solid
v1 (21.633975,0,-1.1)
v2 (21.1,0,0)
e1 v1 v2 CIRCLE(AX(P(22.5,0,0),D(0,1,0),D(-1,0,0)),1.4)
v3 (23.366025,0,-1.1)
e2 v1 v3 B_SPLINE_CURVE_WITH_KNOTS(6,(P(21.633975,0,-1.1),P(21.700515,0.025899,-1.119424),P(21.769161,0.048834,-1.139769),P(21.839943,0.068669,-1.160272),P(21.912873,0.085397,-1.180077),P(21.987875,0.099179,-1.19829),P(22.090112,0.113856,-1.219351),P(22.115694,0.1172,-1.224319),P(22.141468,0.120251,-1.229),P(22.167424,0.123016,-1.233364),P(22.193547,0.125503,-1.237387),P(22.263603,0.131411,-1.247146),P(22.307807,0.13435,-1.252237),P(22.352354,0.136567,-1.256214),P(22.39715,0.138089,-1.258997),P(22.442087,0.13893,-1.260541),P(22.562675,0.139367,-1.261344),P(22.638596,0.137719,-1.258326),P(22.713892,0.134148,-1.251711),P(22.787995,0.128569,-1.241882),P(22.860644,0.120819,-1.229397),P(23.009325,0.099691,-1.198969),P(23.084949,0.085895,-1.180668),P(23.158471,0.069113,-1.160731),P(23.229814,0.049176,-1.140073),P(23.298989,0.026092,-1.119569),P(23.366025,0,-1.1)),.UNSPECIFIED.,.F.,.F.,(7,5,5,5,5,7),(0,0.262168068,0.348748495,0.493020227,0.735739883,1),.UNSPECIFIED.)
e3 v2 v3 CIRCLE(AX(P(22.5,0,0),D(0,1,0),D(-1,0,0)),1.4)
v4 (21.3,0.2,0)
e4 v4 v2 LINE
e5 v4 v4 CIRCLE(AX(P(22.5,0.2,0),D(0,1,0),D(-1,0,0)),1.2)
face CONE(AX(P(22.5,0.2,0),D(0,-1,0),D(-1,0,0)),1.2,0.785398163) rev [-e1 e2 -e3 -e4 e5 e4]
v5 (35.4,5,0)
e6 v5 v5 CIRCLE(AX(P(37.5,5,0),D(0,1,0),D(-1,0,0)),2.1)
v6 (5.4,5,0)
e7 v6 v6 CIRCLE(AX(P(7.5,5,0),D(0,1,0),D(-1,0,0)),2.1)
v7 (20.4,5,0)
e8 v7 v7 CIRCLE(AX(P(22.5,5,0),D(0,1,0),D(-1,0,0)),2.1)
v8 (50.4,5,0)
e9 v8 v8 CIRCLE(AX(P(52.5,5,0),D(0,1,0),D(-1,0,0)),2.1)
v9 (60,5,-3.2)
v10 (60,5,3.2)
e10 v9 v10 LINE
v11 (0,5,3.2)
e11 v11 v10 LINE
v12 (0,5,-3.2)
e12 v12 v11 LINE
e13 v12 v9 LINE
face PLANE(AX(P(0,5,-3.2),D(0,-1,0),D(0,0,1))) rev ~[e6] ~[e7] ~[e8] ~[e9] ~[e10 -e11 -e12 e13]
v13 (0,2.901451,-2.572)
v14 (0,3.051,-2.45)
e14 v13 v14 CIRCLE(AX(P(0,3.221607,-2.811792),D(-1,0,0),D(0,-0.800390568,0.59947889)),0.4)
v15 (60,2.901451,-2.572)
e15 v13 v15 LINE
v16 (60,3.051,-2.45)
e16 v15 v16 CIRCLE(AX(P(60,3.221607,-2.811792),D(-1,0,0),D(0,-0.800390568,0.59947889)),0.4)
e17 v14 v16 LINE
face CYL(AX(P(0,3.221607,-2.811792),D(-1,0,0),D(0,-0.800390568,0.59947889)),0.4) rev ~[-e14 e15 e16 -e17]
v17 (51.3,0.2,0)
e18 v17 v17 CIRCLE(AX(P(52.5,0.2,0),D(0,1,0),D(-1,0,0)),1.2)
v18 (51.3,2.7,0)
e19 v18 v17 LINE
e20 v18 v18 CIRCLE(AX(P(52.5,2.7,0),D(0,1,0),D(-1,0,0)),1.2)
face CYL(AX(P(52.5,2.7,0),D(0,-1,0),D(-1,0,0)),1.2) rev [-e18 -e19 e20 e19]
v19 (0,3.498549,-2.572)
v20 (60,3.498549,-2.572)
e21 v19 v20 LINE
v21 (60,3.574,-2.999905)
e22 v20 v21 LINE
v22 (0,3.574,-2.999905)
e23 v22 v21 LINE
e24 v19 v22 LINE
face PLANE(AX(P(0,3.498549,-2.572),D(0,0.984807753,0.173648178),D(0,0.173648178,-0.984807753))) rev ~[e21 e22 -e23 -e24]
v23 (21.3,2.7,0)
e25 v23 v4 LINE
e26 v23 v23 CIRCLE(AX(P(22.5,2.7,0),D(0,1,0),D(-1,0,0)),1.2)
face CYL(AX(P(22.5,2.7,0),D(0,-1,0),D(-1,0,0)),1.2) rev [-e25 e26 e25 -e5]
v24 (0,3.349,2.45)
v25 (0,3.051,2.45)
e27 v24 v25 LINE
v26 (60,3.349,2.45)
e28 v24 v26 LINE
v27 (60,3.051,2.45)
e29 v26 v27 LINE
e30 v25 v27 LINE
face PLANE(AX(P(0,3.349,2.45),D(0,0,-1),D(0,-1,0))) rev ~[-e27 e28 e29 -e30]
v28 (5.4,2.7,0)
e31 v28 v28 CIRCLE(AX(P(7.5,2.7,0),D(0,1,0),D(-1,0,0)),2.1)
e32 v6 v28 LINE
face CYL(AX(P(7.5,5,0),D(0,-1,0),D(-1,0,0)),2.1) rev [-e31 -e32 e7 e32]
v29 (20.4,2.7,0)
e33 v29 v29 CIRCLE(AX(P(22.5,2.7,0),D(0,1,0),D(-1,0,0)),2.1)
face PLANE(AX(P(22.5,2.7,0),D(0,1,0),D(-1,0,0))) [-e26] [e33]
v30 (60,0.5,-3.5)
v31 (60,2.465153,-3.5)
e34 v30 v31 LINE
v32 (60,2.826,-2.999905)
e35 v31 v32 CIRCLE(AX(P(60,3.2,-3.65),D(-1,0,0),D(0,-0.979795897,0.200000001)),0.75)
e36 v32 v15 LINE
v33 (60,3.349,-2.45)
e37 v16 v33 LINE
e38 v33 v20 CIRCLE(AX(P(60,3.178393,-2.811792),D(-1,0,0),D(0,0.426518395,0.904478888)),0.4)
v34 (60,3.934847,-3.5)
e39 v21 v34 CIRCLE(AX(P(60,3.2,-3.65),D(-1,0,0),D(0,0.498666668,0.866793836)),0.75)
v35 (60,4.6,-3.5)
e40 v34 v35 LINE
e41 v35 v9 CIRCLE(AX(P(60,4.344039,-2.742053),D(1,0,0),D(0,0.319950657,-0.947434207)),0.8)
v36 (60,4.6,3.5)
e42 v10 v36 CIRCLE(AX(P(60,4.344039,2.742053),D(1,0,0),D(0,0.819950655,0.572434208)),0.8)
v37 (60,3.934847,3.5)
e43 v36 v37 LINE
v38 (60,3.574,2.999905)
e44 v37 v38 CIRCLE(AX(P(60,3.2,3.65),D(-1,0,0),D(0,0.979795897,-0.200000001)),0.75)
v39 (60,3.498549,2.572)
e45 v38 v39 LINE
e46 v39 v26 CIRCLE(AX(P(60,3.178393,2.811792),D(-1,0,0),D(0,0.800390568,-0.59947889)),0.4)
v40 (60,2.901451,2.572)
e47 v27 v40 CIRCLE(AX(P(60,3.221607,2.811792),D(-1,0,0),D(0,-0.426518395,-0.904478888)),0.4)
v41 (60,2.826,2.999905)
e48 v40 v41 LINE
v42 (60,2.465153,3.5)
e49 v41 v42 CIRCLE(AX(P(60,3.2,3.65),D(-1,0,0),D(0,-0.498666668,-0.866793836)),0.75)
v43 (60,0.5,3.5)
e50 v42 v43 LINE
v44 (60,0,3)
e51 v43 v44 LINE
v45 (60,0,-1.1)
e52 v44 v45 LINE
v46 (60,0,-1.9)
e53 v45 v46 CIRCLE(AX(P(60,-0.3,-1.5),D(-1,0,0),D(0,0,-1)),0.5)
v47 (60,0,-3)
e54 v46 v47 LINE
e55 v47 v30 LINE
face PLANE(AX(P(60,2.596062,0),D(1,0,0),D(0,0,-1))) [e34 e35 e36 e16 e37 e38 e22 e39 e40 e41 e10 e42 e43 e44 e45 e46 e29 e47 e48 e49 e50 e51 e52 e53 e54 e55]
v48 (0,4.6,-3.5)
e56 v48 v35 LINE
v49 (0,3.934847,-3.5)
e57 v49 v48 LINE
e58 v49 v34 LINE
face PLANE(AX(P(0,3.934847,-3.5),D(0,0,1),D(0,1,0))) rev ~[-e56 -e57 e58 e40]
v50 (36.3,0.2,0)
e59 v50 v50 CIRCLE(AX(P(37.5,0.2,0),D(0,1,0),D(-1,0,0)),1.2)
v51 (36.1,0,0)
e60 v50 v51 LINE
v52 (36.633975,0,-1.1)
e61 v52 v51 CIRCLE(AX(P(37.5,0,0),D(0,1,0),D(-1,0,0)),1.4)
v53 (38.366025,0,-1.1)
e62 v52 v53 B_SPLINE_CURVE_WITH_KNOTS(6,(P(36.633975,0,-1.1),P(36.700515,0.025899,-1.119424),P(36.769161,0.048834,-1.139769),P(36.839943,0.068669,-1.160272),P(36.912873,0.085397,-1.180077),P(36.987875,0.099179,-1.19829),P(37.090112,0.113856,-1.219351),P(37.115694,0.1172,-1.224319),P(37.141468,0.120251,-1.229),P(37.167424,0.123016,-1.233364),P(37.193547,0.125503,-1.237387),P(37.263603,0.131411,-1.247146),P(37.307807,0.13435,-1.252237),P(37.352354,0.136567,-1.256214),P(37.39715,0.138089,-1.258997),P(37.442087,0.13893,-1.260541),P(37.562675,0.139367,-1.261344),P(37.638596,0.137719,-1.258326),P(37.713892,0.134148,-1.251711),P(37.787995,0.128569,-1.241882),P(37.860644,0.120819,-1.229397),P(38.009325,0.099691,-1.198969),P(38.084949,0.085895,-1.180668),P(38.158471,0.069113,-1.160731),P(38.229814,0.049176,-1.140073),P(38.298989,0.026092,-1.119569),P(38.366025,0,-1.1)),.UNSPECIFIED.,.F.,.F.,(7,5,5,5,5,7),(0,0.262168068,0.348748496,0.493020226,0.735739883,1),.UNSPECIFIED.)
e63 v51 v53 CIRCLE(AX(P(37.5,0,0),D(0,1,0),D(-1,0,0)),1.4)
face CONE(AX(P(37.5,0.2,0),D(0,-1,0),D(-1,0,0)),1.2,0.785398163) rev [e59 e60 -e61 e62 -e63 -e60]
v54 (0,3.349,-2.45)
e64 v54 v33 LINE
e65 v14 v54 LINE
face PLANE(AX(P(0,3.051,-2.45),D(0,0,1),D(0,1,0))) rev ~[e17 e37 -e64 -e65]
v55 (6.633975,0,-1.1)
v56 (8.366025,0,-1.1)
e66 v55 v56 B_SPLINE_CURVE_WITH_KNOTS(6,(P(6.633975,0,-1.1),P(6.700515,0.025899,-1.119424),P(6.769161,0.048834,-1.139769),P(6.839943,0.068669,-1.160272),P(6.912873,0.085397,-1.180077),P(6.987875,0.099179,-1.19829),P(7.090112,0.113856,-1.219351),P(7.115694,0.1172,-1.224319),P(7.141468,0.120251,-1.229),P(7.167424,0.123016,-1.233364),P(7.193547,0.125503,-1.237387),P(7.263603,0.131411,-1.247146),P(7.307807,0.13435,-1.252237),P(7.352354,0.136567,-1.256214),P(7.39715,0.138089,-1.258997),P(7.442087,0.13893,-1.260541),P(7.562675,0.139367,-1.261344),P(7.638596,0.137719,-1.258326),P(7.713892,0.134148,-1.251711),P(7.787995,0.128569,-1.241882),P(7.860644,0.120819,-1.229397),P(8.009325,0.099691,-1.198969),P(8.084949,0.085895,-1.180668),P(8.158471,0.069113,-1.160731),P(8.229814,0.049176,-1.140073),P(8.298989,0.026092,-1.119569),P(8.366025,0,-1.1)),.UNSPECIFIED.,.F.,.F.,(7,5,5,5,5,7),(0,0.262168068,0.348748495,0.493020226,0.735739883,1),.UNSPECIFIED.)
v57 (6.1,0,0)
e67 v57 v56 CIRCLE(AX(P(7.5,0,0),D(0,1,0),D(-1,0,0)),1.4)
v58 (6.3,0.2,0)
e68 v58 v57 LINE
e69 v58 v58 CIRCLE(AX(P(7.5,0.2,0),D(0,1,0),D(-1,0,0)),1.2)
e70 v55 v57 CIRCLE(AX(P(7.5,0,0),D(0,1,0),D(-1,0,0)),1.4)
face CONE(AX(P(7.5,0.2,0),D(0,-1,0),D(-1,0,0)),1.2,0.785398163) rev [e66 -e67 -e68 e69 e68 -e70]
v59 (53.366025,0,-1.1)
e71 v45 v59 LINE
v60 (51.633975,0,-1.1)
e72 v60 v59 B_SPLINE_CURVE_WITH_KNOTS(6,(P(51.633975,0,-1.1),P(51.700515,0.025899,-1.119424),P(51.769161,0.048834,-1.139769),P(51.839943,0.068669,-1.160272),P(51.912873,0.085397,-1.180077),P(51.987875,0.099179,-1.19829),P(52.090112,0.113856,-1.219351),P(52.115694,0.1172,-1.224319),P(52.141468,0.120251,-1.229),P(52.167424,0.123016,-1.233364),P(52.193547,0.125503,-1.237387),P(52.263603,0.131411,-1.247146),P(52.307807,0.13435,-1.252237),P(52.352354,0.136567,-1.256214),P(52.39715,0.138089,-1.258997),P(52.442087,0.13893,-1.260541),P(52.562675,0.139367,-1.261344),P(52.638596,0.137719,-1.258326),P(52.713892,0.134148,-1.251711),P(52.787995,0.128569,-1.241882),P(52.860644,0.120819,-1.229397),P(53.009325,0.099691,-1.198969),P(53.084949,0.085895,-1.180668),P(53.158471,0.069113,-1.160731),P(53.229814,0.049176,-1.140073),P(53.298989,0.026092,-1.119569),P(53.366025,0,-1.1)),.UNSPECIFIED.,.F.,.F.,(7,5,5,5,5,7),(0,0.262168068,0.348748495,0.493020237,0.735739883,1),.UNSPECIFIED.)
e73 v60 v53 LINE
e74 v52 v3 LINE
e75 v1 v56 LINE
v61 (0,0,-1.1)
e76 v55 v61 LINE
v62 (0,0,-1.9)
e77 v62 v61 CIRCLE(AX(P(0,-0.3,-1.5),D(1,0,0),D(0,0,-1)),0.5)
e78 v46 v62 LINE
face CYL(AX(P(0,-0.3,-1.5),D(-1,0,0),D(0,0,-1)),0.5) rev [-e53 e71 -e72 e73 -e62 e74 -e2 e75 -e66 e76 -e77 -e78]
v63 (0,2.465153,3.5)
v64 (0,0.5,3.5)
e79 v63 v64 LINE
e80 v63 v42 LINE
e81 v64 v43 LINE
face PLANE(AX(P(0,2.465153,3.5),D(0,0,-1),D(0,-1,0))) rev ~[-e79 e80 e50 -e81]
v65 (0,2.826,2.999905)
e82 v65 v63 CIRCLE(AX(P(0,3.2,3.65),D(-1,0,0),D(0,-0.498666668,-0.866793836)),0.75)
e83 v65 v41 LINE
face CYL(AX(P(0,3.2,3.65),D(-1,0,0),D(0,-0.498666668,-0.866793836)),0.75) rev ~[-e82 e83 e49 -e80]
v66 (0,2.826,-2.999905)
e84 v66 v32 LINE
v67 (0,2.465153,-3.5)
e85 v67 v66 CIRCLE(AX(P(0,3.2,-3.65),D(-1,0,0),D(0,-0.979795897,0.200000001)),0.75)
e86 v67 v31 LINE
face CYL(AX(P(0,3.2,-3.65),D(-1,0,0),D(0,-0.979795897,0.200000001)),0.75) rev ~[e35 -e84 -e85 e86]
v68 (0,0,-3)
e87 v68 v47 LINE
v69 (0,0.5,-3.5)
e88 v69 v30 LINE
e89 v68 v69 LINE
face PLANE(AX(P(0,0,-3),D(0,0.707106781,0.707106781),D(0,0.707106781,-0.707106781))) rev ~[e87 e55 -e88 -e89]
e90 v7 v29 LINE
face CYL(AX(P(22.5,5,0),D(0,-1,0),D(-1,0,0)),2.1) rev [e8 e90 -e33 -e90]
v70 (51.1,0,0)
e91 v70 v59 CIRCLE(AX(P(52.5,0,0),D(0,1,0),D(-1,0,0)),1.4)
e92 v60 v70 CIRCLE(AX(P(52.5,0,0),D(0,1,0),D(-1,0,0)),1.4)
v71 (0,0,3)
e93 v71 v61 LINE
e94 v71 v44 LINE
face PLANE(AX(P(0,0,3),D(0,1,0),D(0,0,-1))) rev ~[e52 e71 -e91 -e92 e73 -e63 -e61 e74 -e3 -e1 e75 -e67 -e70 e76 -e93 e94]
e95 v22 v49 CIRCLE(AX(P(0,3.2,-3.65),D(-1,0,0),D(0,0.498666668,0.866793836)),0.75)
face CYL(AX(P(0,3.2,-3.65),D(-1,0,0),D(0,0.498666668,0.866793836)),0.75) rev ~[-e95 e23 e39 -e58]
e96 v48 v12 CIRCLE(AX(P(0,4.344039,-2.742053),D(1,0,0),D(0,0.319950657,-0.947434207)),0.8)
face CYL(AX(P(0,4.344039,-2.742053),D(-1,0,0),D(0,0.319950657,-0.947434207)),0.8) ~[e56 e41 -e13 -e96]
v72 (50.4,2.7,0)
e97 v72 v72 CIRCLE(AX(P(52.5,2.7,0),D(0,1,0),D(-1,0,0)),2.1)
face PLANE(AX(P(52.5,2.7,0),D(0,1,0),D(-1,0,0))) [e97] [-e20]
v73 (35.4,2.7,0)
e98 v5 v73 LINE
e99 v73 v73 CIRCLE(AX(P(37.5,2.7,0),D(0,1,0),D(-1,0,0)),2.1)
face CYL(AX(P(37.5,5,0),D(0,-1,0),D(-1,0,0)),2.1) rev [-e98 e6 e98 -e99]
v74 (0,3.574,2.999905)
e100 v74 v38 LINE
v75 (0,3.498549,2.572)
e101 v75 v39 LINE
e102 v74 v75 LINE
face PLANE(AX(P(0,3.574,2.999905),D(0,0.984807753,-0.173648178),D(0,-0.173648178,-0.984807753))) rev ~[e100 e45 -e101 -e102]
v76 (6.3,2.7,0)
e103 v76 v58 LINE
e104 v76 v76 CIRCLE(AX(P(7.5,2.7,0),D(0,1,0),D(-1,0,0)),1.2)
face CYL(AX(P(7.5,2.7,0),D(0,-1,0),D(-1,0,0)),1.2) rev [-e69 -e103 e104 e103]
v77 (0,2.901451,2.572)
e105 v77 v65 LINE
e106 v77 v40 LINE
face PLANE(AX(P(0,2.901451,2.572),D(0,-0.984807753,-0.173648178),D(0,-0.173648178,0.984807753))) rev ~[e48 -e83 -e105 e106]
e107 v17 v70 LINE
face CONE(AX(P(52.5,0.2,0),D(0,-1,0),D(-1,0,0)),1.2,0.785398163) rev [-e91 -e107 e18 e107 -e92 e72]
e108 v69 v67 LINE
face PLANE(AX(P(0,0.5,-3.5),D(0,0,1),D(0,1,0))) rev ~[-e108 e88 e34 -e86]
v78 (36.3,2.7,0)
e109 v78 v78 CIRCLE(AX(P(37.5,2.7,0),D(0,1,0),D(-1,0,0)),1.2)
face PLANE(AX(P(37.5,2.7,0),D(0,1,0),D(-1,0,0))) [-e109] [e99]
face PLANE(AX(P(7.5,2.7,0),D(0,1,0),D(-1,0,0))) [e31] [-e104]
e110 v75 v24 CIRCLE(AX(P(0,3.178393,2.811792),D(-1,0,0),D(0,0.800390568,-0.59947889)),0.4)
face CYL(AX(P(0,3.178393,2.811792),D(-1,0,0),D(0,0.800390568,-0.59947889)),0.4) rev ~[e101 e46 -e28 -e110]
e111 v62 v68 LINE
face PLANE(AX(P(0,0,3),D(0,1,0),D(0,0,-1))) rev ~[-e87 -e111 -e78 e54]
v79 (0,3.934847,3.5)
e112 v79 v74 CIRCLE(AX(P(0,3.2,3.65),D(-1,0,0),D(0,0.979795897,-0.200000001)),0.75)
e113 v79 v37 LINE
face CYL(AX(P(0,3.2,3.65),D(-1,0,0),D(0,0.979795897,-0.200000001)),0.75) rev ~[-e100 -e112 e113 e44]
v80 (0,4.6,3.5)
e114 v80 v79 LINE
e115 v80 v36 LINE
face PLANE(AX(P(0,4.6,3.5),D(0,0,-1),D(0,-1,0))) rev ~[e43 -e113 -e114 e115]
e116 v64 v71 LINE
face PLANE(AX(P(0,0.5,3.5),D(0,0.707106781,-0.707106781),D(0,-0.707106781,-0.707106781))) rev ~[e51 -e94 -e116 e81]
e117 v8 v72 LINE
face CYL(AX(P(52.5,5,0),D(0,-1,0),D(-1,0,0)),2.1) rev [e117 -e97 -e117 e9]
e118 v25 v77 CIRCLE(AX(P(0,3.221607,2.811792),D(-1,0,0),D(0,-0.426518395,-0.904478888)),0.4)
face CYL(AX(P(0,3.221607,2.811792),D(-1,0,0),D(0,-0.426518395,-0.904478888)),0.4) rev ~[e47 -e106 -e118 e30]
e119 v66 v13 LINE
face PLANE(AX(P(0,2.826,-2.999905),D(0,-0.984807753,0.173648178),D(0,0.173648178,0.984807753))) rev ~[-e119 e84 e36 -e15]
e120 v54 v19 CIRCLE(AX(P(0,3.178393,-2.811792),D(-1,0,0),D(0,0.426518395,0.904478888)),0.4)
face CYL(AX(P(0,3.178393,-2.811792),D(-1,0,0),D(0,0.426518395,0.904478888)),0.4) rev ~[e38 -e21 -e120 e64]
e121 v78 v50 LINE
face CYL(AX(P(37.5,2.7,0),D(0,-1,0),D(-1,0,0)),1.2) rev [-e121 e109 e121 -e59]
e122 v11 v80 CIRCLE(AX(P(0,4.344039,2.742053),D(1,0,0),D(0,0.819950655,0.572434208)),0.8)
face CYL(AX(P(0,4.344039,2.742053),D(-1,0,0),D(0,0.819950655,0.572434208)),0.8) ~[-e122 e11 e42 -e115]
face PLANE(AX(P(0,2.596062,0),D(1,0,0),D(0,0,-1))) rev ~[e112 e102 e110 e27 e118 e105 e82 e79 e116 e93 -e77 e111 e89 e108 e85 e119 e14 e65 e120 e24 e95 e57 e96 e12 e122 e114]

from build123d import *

# Parameters (mm, degrees)
EXTRUDE1_DEPTH  = 60
SKETCH6_R       = 0.5
EXTRUDE2_DEPTH  = 61
LPATTERN1_COUNT = 3
LPATTERN1_PITCH = 15


with BuildPart() as part:
    # Sketch1 → Extrude1 (new body)
    with BuildSketch(Plane(origin=(0, 0, 0), x_dir=(0, 0, -1), z_dir=(1, 0, 0))):
        with BuildLine():
            Line((-3.5, 0.5), (-3, 0))
            Line((-3, 0), (3, 0))
            Line((3, 0), (3.5, 0.5))
            Line((3.5, 0.5), (3.5, 2.465153077))
            ThreePointArc((3.5, 2.465153077), (3.211148341, 2.591798371), (2.999904622, 2.826))
            Line((2.999904622, 2.826), (2.572, 2.90145113))
            ThreePointArc((2.572, 2.90145113), (2.501845147, 2.968757157), (2.45, 3.051))
            Line((2.45, 3.051), (2.45, 3.349))
            ThreePointArc((2.45, 3.349), (2.501845147, 3.431242843), (2.572, 3.49854887))
            Line((2.572, 3.49854887), (2.999904622, 3.574))
            ThreePointArc((2.999904622, 3.574), (3.211148341, 3.808201629), (3.5, 3.934846923))
            Line((3.5, 3.934846923), (3.5, 4.6))
            ThreePointArc((3.5, 4.6), (3.382052634, 4.824039475), (3.2, 5))
            Line((3.2, 5), (-3.2, 5))
            ThreePointArc((-3.2, 5), (-3.382052634, 4.824039475), (-3.5, 4.6))
            Line((-3.5, 4.6), (-3.5, 3.934846923))
            ThreePointArc((-3.5, 3.934846923), (-3.211148341, 3.808201629), (-2.999904622, 3.574))
            Line((-2.999904622, 3.574), (-2.572, 3.49854887))
            ThreePointArc((-2.572, 3.49854887), (-2.501845147, 3.431242843), (-2.45, 3.349))
            Line((-2.45, 3.349), (-2.45, 3.051))
            ThreePointArc((-2.45, 3.051), (-2.501845147, 2.968757157), (-2.572, 2.90145113))
            Line((-2.572, 2.90145113), (-2.999904622, 2.826))
            ThreePointArc((-2.999904622, 2.826), (-3.211148341, 2.591798371), (-3.5, 2.465153077))
            Line((-3.5, 2.465153077), (-3.5, 0.5))
        make_face()
    extrude(amount=EXTRUDE1_DEPTH)

    # Sketch2 → Cut-Revolve1 (revolve, cut)
    with BuildSketch(Plane(origin=(0, 0, 0), x_dir=(-1, 0, 0), z_dir=(0, 0, -1))):
        Polygon((-7.5, 5), (-5.4, 5), (-5.4, 2.7), (-6.3, 2.7), (-6.3, 0.2), (-6.1, 0), (-7.5, 0), align=None)
    revolve(axis=Axis((7.5, 0, 0), (0, 1, 0)), mode=Mode.SUBTRACT)

    # Sketch3 → Cut-Revolve2 (revolve, cut)
    with BuildSketch(Plane(origin=(45, 0, 0), x_dir=(-1, 0, 0), z_dir=(0, 0, -1))):
        Polygon((-7.5, 5), (-5.4, 5), (-5.4, 2.7), (-6.3, 2.7), (-6.3, 0.2), (-6.1, 0), (-7.5, 0), align=None)
    cut_revolve2 = revolve(axis=Axis((52.5, 0, 0), (0, 1, 0)), mode=Mode.SUBTRACT)

    # Sketch6 → Extrude2 (cut, through all)
    with BuildSketch(Plane(origin=(0, 0, 0), x_dir=(0, 0, -1), z_dir=(1, 0, 0))):
        with Locations((1.5, -0.3)):
            Circle(SKETCH6_R)
    extrude(amount=EXTRUDE2_DEPTH, mode=Mode.SUBTRACT)

    # LPattern1: Cut-Revolve2 ×3
    with Locations(*[(-i * LPATTERN1_PITCH, 0, 0) for i in range(1, LPATTERN1_COUNT)]):
        add(cut_revolve2, mode=Mode.SUBTRACT)


solid = part.part
